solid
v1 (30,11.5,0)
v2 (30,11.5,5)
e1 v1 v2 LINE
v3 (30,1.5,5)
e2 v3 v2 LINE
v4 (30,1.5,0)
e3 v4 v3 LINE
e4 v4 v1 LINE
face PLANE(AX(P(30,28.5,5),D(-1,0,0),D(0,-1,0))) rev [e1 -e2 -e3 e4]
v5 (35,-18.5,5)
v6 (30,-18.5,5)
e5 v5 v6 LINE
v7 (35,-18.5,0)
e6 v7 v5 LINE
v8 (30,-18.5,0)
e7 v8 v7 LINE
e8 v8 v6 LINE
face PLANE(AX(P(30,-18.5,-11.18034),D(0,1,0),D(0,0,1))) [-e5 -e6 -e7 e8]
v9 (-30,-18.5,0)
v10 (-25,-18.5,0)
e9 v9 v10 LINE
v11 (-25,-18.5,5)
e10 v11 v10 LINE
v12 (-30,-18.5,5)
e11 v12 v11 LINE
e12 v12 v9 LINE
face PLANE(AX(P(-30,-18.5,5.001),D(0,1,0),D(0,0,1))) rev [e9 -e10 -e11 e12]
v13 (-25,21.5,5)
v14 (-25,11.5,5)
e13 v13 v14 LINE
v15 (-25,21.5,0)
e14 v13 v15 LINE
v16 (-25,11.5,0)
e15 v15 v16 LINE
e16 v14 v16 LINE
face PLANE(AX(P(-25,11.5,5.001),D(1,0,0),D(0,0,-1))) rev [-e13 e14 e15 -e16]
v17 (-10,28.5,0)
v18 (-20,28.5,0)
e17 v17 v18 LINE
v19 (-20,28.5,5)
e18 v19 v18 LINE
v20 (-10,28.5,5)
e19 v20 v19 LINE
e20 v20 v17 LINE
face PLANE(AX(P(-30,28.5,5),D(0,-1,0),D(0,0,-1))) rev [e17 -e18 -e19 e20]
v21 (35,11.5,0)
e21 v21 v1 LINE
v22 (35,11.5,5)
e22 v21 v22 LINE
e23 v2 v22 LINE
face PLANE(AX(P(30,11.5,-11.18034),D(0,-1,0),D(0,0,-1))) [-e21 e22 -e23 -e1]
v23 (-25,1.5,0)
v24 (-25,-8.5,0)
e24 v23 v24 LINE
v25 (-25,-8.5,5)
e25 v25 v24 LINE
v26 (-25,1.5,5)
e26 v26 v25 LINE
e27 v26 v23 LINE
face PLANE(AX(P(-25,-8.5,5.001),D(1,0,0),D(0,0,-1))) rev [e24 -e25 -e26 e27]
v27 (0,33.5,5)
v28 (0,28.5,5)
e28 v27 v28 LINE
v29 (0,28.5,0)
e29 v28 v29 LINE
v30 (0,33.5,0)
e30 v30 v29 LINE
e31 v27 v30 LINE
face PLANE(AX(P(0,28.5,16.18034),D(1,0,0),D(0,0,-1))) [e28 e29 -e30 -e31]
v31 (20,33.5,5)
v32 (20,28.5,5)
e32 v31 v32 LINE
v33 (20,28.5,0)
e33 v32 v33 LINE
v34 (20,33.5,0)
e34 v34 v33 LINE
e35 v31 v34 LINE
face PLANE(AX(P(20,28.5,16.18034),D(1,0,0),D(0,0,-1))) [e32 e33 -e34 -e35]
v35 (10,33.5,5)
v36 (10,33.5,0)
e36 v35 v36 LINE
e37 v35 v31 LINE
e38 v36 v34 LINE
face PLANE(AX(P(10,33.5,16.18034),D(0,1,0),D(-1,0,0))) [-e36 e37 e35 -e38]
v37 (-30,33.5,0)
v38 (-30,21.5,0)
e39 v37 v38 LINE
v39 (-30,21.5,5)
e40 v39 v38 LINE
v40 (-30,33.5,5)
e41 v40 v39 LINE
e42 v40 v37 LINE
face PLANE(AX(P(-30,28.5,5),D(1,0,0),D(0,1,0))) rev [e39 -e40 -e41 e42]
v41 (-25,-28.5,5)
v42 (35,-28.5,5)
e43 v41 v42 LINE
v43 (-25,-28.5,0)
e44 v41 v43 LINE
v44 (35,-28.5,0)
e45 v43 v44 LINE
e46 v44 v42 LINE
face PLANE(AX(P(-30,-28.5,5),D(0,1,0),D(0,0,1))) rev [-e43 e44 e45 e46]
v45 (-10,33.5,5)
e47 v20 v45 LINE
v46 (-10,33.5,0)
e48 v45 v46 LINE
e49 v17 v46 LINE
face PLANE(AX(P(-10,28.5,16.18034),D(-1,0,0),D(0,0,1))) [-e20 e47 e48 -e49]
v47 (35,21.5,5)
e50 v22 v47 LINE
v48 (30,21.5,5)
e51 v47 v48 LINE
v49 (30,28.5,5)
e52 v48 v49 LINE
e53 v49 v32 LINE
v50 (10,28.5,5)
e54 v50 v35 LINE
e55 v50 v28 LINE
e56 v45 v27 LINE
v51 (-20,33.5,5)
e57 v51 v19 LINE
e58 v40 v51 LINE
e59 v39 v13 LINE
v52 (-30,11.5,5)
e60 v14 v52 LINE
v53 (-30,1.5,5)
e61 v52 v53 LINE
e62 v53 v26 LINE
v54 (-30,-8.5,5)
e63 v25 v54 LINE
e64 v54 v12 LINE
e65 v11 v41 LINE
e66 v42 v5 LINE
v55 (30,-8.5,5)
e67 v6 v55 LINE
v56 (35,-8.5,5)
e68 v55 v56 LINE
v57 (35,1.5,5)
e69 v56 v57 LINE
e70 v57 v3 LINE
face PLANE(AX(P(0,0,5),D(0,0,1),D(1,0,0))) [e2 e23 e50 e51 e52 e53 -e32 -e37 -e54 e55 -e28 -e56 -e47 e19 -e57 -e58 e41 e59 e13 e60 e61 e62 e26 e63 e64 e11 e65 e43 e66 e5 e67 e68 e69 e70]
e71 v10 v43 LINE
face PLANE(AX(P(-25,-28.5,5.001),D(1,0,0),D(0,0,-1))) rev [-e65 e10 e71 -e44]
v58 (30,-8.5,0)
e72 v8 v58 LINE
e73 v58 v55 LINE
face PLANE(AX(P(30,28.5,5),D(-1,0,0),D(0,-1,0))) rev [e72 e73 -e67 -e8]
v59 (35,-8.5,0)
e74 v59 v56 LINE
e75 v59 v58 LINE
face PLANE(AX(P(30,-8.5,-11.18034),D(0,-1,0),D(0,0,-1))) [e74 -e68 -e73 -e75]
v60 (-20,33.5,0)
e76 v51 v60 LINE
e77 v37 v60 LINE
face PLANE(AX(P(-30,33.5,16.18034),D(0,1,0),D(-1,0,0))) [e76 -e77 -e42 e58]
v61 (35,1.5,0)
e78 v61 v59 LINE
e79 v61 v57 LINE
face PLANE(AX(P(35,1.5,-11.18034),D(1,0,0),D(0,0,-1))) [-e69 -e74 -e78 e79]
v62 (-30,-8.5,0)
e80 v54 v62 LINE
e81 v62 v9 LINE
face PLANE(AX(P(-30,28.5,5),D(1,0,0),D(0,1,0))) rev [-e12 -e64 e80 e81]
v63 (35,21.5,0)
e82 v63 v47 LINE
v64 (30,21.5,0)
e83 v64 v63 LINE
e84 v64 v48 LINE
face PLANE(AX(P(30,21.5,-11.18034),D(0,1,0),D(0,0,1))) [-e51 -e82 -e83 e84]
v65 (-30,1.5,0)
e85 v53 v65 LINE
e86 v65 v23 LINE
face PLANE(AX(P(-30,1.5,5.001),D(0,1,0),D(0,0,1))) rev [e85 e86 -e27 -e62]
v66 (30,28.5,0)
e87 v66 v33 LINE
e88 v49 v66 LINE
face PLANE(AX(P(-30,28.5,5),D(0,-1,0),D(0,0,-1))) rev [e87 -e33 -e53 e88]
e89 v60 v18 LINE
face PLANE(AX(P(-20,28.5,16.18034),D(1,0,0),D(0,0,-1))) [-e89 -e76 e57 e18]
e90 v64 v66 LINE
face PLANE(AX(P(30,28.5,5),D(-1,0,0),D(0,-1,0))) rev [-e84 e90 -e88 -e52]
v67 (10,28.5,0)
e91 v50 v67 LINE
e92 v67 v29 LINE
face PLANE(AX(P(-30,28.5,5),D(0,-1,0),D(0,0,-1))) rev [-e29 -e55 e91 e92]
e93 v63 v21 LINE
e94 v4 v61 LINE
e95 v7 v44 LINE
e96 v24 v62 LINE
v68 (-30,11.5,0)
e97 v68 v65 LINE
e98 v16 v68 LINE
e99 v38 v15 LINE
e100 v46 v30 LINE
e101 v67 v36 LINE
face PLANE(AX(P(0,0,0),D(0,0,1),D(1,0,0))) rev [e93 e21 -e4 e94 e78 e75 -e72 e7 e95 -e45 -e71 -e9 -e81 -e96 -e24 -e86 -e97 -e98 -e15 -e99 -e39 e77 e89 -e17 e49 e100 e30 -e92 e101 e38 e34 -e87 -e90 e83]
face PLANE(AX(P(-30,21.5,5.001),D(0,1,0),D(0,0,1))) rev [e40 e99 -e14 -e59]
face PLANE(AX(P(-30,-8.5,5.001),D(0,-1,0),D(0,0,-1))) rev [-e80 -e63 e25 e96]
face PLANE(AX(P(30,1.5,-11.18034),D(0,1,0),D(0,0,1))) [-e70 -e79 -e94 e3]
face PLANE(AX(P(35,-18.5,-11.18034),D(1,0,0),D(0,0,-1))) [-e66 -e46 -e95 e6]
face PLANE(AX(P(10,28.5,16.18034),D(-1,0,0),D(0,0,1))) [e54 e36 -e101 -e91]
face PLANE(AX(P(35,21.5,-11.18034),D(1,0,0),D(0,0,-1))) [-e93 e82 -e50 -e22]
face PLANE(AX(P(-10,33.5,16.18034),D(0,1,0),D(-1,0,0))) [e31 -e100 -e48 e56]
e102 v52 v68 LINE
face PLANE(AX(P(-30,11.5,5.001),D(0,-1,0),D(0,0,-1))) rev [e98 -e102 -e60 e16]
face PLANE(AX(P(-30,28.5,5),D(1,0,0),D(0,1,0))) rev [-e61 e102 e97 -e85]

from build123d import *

# Parameters (mm, degrees)
SKETCH_1_W             = 60
SKETCH_1_H             = 57
EXTRUDE_1_DEPTH        = 5
SKETCH_2_W             = 5
SKETCH_2_H             = 10
EXTRUDE_3_DEPTH        = 5
PATTERN_LINEAR_2_COUNT = 3
PATTERN_LINEAR_2_PITCH = 20
SKETCH_3_W             = 10
SKETCH_3_H             = 5
EXTRUDE_4_DEPTH        = 5
PATTERN_LINEAR_3_COUNT = 3
PATTERN_LINEAR_3_PITCH = 20
CUT_EXTRUDE_1_REACH    = 50.706
SKETCH_4_W             = 5
SKETCH_4_H             = 10
PATTERN_LINEAR_4_COUNT = 3
PATTERN_LINEAR_4_PITCH = 20


with BuildPart() as part:
    # 스케치1 → 보스-돌출1 (new body)
    with BuildSketch(Plane.XY):
        Rectangle(SKETCH_1_W, SKETCH_1_H)
    extrude(amount=EXTRUDE_1_DEPTH)

    # 스케치2 → 보스-돌출3 (add)
    with BuildSketch(Plane.XY.offset(5)):
        with Locations((32.5, -23.5)):
            Rectangle(SKETCH_2_W, SKETCH_2_H)
    extrude_3 = extrude(amount=-EXTRUDE_3_DEPTH)

    # 선형 패턴2: 보스-돌출3 ×3
    with Locations(*[(0, i * PATTERN_LINEAR_2_PITCH, 0) for i in range(1, PATTERN_LINEAR_2_COUNT)]):
        add(extrude_3)

    # 스케치3 → 보스-돌출4 (add)
    with BuildSketch(Plane(origin=(0, 0, 0), x_dir=(-1, 0, 0), z_dir=(0, 0, -1))):
        with Locations((25, 31)):
            Rectangle(SKETCH_3_W, SKETCH_3_H)
    extrude_4 = extrude(amount=-EXTRUDE_4_DEPTH)

    # 선형 패턴3: 보스-돌출4 ×3
    with Locations(*[(i * PATTERN_LINEAR_3_PITCH, 0, 0) for i in range(1, PATTERN_LINEAR_3_COUNT)]):
        add(extrude_4)

    # 스케치4 → 컷-돌출1 (cut, up to next)
    with BuildSketch(Plane(origin=(0, 0, 0), x_dir=(-1, 0, 0), z_dir=(0, 0, -1)), mode=Mode.PRIVATE) as cut_extrude_1_sk1:
        with Locations((27.5, -23.5)):
            Rectangle(SKETCH_4_W, SKETCH_4_H)
    cut_extrude_1_tool1 = extrude(cut_extrude_1_sk1.sketch, amount=-CUT_EXTRUDE_1_REACH, mode=Mode.PRIVATE) & part.part
    cut_extrude_1 = cut_extrude_1_tool1.solids().sort_by_distance((-27.5, -23.5, 0))[0]
    add(cut_extrude_1, mode=Mode.SUBTRACT)

    # 선형 패턴4: 컷-돌출1 ×3
    with Locations(*[(0, i * PATTERN_LINEAR_4_PITCH, 0) for i in range(1, PATTERN_LINEAR_4_COUNT)]):
        add(cut_extrude_1, mode=Mode.SUBTRACT)


solid = part.part
